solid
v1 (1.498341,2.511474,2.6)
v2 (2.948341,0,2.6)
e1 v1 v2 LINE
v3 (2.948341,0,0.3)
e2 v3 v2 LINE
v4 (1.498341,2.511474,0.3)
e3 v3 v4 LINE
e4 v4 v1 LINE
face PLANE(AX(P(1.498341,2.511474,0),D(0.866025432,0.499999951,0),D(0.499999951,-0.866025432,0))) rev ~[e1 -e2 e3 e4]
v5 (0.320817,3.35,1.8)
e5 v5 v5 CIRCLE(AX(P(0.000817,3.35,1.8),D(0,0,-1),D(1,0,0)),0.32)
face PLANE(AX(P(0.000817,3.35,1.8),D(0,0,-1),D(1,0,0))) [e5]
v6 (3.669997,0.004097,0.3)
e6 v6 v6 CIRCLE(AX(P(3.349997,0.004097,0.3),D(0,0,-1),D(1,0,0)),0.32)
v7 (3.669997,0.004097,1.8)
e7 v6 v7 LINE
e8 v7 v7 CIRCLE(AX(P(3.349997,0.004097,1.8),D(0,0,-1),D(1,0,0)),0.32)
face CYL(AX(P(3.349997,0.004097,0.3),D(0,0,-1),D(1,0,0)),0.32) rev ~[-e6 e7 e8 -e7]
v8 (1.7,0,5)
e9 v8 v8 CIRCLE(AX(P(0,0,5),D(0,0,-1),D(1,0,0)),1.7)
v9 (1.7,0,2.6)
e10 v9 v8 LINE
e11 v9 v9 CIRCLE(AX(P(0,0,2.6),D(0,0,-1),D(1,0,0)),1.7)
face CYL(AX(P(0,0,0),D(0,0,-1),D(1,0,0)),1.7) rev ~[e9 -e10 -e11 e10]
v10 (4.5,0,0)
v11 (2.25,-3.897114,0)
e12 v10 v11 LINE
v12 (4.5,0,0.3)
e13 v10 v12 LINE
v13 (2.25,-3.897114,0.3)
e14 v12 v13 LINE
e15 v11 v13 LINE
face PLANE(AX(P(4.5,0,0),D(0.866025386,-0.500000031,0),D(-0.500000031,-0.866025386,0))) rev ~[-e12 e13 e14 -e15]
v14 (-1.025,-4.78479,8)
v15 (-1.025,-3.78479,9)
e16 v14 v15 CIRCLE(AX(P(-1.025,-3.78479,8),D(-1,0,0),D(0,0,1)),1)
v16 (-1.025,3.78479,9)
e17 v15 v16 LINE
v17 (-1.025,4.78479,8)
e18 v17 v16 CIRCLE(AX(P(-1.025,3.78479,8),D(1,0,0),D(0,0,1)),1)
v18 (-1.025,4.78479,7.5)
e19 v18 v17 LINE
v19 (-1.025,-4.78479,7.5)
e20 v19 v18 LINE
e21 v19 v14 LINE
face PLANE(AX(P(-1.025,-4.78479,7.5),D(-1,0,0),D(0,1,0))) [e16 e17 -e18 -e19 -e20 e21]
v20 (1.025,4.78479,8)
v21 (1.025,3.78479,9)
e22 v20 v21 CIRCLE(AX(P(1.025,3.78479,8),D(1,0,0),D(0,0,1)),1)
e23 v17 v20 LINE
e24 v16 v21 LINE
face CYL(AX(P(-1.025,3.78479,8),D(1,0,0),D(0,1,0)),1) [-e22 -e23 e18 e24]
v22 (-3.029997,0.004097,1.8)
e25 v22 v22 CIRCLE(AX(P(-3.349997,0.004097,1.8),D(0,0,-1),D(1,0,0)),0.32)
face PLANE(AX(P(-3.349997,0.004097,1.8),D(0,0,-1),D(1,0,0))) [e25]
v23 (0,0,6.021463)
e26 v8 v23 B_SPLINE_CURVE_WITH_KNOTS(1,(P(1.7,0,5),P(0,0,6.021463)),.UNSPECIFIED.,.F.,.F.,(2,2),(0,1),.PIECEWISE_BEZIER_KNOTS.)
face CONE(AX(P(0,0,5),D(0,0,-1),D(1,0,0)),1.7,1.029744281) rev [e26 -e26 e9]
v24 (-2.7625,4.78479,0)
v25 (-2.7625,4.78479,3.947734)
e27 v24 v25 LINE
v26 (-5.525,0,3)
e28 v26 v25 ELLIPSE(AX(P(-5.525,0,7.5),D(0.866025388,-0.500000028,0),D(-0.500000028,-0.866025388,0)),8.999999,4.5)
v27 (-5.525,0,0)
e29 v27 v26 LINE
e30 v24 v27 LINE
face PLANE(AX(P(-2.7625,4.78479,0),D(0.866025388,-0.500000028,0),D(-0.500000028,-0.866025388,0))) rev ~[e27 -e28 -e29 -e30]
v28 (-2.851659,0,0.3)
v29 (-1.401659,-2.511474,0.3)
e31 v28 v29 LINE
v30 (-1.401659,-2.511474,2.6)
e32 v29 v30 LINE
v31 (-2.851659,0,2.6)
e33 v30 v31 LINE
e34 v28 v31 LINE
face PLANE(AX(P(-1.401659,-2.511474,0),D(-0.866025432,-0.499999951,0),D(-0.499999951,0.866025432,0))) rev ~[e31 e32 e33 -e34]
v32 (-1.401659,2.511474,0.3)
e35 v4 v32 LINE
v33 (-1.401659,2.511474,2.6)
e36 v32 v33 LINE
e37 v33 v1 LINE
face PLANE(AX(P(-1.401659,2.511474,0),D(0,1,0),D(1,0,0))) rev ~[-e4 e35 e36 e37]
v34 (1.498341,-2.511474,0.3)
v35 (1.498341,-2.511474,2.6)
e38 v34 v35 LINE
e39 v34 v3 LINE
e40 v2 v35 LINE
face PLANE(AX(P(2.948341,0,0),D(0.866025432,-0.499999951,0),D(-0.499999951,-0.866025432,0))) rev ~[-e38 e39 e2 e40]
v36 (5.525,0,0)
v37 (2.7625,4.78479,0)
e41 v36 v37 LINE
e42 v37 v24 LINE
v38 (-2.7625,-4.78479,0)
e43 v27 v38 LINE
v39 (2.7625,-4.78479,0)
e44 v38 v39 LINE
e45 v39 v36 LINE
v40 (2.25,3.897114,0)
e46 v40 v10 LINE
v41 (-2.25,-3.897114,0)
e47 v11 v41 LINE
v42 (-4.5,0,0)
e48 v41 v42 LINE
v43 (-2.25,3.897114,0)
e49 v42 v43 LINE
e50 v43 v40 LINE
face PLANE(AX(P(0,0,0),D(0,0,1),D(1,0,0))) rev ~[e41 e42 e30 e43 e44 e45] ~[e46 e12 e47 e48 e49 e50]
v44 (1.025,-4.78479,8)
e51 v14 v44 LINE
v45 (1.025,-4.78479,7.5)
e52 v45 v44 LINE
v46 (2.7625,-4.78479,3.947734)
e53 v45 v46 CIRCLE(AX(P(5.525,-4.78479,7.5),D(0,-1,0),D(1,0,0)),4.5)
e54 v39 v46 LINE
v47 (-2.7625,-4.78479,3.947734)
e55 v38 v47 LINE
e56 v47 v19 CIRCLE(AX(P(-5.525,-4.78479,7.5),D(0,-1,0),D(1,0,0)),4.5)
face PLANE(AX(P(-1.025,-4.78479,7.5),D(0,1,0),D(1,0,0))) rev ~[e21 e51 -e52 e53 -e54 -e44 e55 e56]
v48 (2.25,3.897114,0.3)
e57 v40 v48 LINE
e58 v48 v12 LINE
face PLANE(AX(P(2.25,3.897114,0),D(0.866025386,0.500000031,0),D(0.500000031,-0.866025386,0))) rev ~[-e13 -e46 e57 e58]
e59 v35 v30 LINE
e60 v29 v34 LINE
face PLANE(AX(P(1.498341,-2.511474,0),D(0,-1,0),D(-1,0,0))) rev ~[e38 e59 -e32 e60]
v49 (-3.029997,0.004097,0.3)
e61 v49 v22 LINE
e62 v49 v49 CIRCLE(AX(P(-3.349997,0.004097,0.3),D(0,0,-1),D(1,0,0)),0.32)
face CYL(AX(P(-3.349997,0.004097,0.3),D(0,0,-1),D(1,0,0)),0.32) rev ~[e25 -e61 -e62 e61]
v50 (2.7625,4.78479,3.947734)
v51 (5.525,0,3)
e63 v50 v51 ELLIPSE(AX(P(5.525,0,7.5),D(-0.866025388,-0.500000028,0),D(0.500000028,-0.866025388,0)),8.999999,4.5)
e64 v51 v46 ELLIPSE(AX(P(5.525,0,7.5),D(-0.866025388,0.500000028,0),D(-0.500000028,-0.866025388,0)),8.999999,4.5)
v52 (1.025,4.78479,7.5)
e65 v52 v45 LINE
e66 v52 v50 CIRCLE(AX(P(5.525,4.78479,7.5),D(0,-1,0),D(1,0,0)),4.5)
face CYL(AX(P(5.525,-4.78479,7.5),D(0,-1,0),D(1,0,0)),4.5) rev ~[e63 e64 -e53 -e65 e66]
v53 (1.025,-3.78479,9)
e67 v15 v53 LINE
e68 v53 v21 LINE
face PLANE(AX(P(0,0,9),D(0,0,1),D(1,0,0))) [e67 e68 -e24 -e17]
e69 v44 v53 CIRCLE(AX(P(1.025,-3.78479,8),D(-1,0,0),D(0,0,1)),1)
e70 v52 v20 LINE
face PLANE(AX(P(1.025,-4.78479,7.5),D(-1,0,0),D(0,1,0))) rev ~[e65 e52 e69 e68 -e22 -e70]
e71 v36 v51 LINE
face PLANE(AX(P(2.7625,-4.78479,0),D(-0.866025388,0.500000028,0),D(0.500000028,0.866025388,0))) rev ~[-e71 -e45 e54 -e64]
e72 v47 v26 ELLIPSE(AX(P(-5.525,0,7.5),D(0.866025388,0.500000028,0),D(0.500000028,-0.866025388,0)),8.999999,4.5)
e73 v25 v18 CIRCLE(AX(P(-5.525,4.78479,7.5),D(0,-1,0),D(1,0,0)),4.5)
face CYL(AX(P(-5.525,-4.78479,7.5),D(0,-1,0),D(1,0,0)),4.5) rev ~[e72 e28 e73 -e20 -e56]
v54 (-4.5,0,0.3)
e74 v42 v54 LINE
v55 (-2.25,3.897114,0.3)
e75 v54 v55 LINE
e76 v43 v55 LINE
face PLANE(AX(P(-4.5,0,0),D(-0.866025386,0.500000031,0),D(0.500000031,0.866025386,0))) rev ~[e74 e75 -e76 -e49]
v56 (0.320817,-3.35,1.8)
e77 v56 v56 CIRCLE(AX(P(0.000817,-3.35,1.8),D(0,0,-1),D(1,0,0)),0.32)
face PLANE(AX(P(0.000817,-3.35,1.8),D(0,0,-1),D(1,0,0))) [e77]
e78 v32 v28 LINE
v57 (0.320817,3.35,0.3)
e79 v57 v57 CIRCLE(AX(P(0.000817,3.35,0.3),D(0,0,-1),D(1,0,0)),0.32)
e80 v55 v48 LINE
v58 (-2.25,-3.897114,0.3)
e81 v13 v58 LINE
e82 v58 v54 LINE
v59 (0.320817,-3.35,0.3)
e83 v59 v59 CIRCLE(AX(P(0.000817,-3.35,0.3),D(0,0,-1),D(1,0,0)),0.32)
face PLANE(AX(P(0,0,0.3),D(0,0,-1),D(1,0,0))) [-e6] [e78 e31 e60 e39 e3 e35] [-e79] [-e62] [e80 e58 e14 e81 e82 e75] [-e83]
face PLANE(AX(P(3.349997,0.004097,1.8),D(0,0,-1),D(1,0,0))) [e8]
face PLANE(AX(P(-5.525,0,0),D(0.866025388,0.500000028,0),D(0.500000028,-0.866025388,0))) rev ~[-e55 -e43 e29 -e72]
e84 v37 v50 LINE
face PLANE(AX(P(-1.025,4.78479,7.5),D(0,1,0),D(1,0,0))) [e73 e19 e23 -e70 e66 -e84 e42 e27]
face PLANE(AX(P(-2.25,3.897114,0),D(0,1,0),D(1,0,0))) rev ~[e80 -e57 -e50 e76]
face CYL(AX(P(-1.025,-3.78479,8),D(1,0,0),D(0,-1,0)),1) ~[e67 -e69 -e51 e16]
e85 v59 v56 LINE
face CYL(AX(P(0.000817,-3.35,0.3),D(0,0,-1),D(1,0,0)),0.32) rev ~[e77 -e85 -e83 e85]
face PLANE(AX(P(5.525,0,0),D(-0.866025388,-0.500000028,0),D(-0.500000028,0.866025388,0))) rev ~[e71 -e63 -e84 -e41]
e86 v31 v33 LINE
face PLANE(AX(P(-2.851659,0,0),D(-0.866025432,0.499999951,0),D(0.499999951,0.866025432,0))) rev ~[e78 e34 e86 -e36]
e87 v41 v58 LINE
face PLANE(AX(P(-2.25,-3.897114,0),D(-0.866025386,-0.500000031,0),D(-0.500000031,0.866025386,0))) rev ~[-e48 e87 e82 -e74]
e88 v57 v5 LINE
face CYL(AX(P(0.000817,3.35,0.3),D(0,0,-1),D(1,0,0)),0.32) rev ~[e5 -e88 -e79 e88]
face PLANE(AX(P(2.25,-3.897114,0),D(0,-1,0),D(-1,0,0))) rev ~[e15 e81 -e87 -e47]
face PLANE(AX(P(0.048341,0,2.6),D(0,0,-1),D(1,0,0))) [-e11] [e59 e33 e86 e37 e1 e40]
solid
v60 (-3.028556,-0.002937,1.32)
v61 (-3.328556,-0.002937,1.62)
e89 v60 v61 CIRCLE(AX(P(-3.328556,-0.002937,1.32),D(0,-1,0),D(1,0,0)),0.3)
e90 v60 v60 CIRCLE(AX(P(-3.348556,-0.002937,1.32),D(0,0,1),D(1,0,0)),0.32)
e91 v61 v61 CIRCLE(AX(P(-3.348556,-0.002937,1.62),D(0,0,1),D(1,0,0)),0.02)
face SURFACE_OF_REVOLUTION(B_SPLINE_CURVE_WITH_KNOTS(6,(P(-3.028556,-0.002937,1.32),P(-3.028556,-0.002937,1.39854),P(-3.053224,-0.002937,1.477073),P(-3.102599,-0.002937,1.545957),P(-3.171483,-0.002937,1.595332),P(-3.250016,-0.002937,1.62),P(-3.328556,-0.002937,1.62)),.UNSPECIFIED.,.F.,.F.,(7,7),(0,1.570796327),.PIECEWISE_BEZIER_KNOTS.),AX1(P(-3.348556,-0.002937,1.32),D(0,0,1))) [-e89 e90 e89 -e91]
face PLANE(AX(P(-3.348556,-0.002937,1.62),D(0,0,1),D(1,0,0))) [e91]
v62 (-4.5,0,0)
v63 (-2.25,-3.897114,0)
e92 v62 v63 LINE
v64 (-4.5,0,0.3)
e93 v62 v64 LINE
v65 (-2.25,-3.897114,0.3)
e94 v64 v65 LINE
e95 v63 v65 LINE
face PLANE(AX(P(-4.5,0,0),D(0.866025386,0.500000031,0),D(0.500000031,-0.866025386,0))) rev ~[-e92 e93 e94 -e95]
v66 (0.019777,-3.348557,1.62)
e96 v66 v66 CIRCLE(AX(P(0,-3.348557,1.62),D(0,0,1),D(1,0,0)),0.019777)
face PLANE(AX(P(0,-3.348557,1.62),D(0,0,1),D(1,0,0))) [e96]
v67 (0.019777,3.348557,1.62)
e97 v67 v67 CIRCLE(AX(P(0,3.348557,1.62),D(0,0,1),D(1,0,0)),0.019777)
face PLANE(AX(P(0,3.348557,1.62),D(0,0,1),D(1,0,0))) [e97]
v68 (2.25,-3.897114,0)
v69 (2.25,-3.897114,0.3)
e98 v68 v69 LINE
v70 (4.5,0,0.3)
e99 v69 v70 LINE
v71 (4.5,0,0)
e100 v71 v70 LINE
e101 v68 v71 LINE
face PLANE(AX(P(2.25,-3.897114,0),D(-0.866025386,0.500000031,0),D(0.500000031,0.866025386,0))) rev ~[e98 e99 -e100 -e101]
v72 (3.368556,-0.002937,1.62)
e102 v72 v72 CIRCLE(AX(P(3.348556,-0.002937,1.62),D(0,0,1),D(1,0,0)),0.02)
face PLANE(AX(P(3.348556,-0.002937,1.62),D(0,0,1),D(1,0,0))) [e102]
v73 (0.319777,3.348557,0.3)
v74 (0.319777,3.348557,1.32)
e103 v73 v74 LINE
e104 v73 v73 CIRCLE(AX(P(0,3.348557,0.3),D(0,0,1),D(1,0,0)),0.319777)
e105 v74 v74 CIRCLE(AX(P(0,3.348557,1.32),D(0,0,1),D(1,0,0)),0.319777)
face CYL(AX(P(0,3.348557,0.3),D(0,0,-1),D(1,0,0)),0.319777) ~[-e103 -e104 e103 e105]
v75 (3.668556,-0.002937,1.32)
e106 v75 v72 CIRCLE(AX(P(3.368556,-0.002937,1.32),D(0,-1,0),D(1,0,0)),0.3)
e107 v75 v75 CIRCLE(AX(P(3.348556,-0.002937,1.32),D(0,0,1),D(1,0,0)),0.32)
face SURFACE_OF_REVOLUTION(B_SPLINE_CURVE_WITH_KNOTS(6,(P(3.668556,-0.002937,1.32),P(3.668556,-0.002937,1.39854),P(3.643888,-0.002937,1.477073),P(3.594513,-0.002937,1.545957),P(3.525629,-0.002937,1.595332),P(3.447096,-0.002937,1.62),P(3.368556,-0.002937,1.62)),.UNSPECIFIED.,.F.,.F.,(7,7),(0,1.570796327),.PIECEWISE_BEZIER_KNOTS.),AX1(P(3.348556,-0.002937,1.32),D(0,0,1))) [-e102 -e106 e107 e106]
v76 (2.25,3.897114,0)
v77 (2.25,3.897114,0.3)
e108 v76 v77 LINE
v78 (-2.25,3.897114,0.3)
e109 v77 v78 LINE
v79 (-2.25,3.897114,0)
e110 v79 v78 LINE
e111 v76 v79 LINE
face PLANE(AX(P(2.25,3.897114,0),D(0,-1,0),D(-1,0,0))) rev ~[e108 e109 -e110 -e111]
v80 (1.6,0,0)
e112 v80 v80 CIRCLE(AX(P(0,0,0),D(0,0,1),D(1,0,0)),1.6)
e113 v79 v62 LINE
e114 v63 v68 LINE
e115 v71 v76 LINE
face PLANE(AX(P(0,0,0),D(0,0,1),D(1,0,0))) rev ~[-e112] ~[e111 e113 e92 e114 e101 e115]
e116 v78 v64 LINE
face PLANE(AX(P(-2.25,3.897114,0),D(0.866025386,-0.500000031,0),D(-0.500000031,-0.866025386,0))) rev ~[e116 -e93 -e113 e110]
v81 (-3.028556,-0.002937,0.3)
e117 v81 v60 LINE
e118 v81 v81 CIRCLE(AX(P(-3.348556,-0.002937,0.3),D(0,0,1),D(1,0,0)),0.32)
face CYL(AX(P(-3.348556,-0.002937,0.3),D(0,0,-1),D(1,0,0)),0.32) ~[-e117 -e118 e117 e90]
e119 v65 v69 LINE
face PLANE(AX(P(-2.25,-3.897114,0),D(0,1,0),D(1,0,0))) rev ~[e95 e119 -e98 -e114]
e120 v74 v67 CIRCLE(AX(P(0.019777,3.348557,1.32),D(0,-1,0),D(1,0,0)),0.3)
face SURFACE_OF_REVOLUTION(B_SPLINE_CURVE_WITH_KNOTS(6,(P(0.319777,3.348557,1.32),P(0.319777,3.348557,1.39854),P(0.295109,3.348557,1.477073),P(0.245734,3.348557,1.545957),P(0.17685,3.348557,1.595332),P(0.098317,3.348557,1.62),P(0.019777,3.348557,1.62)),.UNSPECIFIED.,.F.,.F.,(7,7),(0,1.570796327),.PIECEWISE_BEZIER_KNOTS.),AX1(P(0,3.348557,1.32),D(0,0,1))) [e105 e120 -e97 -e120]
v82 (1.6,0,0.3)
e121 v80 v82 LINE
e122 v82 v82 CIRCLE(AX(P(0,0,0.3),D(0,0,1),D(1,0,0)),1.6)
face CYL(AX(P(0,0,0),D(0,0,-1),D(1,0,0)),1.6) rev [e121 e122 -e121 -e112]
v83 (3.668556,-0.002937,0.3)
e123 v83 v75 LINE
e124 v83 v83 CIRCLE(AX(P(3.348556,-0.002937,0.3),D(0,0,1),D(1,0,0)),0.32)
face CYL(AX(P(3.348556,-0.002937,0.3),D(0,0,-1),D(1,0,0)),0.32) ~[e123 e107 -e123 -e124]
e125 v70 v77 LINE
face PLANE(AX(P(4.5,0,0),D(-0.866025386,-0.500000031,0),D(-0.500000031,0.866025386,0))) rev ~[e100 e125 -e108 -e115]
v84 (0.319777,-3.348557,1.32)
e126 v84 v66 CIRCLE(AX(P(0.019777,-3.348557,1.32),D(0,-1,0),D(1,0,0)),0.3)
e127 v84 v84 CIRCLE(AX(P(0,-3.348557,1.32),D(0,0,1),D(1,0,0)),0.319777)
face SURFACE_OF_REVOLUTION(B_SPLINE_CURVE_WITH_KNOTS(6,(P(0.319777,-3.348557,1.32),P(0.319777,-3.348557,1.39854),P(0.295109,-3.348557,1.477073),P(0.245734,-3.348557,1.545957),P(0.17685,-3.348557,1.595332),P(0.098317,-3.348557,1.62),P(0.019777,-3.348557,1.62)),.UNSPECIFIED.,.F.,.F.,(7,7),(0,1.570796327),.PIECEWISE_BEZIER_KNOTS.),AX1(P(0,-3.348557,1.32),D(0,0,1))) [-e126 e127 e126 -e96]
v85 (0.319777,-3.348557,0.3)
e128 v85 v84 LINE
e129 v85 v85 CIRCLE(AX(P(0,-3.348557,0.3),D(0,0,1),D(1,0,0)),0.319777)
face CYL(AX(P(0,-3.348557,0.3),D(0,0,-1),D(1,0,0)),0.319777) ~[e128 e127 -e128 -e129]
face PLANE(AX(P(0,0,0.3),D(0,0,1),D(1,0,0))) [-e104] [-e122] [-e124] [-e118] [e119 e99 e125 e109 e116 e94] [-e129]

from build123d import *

# Parameters (mm, degrees)
PAD_DEPTH       = 7.5
SKETCH001_R     = 4.5
POCKET_DEPTH    = 30
SKETCH002_R     = 1.7
HOLE_DEPTH      = 5
HOLE_TIPS_R     = 1.7
POCKET001_DEPTH = 2.6
POCKET002_DEPTH = 0.3
SKETCH007_R     = 0.32
POCKET003_DEPTH = 1.5
SKETCH008_W     = 2.05
SKETCH008_H     = 9.56958
PAD003_DEPTH    = 1.5
FILLET001_R     = 1
SKETCH005_R     = 1.6
PAD001_DEPTH    = 0.3
SKETCH006_R     = 0.32
SKETCH006_R_2   = 0.319777
PAD002_DEPTH    = 1.32
FILLET_R        = 0.3


with BuildPart() as main_body:
    # Sketch → Pad (new body)
    with BuildSketch(Plane.XY):
        Polygon((5.525, 0), (2.7625, 4.78479), (-2.7625, 4.78479), (-5.525, 0), (-2.7625, -4.78479), (2.7625, -4.78479), align=None)
    extrude(amount=PAD_DEPTH)

    # Sketch001 (on Face5 of Pad) → Pocket (cut)
    with BuildSketch(Plane.XZ.offset(4.78479)):
        with Locations((-5.525, 7.5)):
            Circle(SKETCH001_R)
        with Locations((5.525, 7.5)):
            Circle(SKETCH001_R)
    extrude(amount=-POCKET_DEPTH, mode=Mode.SUBTRACT)

    # Sketch002 → Hole (cut)
    with BuildSketch(Plane(origin=(0, 0, 0), x_dir=(1, 0, 0), z_dir=(0, 0, -1))):
        Circle(SKETCH002_R)
    extrude(amount=-HOLE_DEPTH, mode=Mode.SUBTRACT)

    # Hole tips → Hole tip 1 section 0
    with BuildSketch(Plane(origin=(0, 0, 5), x_dir=(1, 0, 0), z_dir=(0, 0, -1)), mode=Mode.PRIVATE) as hole_tip_1_s0:
        Circle(HOLE_TIPS_R)
    loft([hole_tip_1_s0.sketch, Vertex(0, 0, 6.021463)], mode=Mode.SUBTRACT)

    # Sketch003 (on Face2 of Hole) → Pocket001 (cut)
    with BuildSketch(Plane(origin=(0, 0, 0), x_dir=(1, 0, 0), z_dir=(0, 0, -1))):
        Polygon((2.948341, 0), (1.498341, 2.511474), (-1.401659, 2.511474), (-2.851659, 0), (-1.401659, -2.511474), (1.498341, -2.511474), align=None)
    extrude(amount=-POCKET001_DEPTH, mode=Mode.SUBTRACT)

    # Sketch004 (on Face2 of Pocket001) → Pocket002 (cut)
    with BuildSketch(Plane(origin=(0, 0, 0), x_dir=(1, 0, 0), z_dir=(0, 0, -1))):
        Polygon((4.5, 0), (2.25, 3.897114), (-2.25, 3.897114), (-4.5, 0), (-2.25, -3.897114), (2.25, -3.897114), align=None)
    extrude(amount=-POCKET002_DEPTH, mode=Mode.SUBTRACT)

    # Sketch007 (on Face17 of Pocket002) → Pocket003 (cut)
    with BuildSketch(Plane(origin=(0, 0, 0.3), x_dir=(1, 0, 0), z_dir=(0, 0, -1))):
        with Locations((0.000817, -3.35)):
            Circle(SKETCH007_R)
        with Locations((-3.349997, -0.004097)):
            Circle(SKETCH007_R)
        with Locations((0.000817, 3.35)):
            Circle(SKETCH007_R)
        with Locations((3.349997, -0.004097)):
            Circle(SKETCH007_R)
    extrude(amount=-POCKET003_DEPTH, mode=Mode.SUBTRACT)

    # Sketch008 (on Face16 of Pocket003) → Pad003 (join)
    with BuildSketch(Plane.XY.offset(7.5)):
        Rectangle(SKETCH008_W, SKETCH008_H)
    extrude(amount=PAD003_DEPTH)

    # Fillet001
    fillet001_edges = [main_body.edges().sort_by_distance(p)[0] for p in [
        (0, -4.78479, 9),
        (0, 4.78479, 9),
    ]]
    fillet(fillet001_edges, radius=FILLET001_R)


with BuildPart() as cap_body:
    # Sketch005 → Pad001 (new body)
    with BuildSketch(Plane.XY):
        Polygon((4.5, 0), (2.25, 3.897114), (-2.25, 3.897114), (-4.5, 0), (-2.25, -3.897114), (2.25, -3.897114), align=None)
        Circle(SKETCH005_R, mode=Mode.SUBTRACT)
    extrude(amount=PAD001_DEPTH)

    # Sketch006 (on Face9 of Pad001) → Pad002 (join)
    with BuildSketch(Plane.XY.offset(0.3)):
        with Locations((-3.348556, -0.002937)):
            Circle(SKETCH006_R)
        with Locations((0, -3.348557)):
            Circle(SKETCH006_R_2)
        with Locations((0, 3.348557)):
            Circle(SKETCH006_R_2)
        with Locations((3.348556, -0.002937)):
            Circle(SKETCH006_R)
    extrude(amount=PAD002_DEPTH)

    # Fillet
    fillet_edges = [cap_body.edges().sort_by_distance(p)[0] for p in [
        (-0.319777, -3.348557, 1.62),
        (-3.668556, -0.002937, 1.62),
        (-0.319777, 3.348557, 1.62),
        (3.028556, -0.002937, 1.62),
    ]]
    fillet(fillet_edges, radius=FILLET_R)


solid = Compound([main_body.part, cap_body.part])
